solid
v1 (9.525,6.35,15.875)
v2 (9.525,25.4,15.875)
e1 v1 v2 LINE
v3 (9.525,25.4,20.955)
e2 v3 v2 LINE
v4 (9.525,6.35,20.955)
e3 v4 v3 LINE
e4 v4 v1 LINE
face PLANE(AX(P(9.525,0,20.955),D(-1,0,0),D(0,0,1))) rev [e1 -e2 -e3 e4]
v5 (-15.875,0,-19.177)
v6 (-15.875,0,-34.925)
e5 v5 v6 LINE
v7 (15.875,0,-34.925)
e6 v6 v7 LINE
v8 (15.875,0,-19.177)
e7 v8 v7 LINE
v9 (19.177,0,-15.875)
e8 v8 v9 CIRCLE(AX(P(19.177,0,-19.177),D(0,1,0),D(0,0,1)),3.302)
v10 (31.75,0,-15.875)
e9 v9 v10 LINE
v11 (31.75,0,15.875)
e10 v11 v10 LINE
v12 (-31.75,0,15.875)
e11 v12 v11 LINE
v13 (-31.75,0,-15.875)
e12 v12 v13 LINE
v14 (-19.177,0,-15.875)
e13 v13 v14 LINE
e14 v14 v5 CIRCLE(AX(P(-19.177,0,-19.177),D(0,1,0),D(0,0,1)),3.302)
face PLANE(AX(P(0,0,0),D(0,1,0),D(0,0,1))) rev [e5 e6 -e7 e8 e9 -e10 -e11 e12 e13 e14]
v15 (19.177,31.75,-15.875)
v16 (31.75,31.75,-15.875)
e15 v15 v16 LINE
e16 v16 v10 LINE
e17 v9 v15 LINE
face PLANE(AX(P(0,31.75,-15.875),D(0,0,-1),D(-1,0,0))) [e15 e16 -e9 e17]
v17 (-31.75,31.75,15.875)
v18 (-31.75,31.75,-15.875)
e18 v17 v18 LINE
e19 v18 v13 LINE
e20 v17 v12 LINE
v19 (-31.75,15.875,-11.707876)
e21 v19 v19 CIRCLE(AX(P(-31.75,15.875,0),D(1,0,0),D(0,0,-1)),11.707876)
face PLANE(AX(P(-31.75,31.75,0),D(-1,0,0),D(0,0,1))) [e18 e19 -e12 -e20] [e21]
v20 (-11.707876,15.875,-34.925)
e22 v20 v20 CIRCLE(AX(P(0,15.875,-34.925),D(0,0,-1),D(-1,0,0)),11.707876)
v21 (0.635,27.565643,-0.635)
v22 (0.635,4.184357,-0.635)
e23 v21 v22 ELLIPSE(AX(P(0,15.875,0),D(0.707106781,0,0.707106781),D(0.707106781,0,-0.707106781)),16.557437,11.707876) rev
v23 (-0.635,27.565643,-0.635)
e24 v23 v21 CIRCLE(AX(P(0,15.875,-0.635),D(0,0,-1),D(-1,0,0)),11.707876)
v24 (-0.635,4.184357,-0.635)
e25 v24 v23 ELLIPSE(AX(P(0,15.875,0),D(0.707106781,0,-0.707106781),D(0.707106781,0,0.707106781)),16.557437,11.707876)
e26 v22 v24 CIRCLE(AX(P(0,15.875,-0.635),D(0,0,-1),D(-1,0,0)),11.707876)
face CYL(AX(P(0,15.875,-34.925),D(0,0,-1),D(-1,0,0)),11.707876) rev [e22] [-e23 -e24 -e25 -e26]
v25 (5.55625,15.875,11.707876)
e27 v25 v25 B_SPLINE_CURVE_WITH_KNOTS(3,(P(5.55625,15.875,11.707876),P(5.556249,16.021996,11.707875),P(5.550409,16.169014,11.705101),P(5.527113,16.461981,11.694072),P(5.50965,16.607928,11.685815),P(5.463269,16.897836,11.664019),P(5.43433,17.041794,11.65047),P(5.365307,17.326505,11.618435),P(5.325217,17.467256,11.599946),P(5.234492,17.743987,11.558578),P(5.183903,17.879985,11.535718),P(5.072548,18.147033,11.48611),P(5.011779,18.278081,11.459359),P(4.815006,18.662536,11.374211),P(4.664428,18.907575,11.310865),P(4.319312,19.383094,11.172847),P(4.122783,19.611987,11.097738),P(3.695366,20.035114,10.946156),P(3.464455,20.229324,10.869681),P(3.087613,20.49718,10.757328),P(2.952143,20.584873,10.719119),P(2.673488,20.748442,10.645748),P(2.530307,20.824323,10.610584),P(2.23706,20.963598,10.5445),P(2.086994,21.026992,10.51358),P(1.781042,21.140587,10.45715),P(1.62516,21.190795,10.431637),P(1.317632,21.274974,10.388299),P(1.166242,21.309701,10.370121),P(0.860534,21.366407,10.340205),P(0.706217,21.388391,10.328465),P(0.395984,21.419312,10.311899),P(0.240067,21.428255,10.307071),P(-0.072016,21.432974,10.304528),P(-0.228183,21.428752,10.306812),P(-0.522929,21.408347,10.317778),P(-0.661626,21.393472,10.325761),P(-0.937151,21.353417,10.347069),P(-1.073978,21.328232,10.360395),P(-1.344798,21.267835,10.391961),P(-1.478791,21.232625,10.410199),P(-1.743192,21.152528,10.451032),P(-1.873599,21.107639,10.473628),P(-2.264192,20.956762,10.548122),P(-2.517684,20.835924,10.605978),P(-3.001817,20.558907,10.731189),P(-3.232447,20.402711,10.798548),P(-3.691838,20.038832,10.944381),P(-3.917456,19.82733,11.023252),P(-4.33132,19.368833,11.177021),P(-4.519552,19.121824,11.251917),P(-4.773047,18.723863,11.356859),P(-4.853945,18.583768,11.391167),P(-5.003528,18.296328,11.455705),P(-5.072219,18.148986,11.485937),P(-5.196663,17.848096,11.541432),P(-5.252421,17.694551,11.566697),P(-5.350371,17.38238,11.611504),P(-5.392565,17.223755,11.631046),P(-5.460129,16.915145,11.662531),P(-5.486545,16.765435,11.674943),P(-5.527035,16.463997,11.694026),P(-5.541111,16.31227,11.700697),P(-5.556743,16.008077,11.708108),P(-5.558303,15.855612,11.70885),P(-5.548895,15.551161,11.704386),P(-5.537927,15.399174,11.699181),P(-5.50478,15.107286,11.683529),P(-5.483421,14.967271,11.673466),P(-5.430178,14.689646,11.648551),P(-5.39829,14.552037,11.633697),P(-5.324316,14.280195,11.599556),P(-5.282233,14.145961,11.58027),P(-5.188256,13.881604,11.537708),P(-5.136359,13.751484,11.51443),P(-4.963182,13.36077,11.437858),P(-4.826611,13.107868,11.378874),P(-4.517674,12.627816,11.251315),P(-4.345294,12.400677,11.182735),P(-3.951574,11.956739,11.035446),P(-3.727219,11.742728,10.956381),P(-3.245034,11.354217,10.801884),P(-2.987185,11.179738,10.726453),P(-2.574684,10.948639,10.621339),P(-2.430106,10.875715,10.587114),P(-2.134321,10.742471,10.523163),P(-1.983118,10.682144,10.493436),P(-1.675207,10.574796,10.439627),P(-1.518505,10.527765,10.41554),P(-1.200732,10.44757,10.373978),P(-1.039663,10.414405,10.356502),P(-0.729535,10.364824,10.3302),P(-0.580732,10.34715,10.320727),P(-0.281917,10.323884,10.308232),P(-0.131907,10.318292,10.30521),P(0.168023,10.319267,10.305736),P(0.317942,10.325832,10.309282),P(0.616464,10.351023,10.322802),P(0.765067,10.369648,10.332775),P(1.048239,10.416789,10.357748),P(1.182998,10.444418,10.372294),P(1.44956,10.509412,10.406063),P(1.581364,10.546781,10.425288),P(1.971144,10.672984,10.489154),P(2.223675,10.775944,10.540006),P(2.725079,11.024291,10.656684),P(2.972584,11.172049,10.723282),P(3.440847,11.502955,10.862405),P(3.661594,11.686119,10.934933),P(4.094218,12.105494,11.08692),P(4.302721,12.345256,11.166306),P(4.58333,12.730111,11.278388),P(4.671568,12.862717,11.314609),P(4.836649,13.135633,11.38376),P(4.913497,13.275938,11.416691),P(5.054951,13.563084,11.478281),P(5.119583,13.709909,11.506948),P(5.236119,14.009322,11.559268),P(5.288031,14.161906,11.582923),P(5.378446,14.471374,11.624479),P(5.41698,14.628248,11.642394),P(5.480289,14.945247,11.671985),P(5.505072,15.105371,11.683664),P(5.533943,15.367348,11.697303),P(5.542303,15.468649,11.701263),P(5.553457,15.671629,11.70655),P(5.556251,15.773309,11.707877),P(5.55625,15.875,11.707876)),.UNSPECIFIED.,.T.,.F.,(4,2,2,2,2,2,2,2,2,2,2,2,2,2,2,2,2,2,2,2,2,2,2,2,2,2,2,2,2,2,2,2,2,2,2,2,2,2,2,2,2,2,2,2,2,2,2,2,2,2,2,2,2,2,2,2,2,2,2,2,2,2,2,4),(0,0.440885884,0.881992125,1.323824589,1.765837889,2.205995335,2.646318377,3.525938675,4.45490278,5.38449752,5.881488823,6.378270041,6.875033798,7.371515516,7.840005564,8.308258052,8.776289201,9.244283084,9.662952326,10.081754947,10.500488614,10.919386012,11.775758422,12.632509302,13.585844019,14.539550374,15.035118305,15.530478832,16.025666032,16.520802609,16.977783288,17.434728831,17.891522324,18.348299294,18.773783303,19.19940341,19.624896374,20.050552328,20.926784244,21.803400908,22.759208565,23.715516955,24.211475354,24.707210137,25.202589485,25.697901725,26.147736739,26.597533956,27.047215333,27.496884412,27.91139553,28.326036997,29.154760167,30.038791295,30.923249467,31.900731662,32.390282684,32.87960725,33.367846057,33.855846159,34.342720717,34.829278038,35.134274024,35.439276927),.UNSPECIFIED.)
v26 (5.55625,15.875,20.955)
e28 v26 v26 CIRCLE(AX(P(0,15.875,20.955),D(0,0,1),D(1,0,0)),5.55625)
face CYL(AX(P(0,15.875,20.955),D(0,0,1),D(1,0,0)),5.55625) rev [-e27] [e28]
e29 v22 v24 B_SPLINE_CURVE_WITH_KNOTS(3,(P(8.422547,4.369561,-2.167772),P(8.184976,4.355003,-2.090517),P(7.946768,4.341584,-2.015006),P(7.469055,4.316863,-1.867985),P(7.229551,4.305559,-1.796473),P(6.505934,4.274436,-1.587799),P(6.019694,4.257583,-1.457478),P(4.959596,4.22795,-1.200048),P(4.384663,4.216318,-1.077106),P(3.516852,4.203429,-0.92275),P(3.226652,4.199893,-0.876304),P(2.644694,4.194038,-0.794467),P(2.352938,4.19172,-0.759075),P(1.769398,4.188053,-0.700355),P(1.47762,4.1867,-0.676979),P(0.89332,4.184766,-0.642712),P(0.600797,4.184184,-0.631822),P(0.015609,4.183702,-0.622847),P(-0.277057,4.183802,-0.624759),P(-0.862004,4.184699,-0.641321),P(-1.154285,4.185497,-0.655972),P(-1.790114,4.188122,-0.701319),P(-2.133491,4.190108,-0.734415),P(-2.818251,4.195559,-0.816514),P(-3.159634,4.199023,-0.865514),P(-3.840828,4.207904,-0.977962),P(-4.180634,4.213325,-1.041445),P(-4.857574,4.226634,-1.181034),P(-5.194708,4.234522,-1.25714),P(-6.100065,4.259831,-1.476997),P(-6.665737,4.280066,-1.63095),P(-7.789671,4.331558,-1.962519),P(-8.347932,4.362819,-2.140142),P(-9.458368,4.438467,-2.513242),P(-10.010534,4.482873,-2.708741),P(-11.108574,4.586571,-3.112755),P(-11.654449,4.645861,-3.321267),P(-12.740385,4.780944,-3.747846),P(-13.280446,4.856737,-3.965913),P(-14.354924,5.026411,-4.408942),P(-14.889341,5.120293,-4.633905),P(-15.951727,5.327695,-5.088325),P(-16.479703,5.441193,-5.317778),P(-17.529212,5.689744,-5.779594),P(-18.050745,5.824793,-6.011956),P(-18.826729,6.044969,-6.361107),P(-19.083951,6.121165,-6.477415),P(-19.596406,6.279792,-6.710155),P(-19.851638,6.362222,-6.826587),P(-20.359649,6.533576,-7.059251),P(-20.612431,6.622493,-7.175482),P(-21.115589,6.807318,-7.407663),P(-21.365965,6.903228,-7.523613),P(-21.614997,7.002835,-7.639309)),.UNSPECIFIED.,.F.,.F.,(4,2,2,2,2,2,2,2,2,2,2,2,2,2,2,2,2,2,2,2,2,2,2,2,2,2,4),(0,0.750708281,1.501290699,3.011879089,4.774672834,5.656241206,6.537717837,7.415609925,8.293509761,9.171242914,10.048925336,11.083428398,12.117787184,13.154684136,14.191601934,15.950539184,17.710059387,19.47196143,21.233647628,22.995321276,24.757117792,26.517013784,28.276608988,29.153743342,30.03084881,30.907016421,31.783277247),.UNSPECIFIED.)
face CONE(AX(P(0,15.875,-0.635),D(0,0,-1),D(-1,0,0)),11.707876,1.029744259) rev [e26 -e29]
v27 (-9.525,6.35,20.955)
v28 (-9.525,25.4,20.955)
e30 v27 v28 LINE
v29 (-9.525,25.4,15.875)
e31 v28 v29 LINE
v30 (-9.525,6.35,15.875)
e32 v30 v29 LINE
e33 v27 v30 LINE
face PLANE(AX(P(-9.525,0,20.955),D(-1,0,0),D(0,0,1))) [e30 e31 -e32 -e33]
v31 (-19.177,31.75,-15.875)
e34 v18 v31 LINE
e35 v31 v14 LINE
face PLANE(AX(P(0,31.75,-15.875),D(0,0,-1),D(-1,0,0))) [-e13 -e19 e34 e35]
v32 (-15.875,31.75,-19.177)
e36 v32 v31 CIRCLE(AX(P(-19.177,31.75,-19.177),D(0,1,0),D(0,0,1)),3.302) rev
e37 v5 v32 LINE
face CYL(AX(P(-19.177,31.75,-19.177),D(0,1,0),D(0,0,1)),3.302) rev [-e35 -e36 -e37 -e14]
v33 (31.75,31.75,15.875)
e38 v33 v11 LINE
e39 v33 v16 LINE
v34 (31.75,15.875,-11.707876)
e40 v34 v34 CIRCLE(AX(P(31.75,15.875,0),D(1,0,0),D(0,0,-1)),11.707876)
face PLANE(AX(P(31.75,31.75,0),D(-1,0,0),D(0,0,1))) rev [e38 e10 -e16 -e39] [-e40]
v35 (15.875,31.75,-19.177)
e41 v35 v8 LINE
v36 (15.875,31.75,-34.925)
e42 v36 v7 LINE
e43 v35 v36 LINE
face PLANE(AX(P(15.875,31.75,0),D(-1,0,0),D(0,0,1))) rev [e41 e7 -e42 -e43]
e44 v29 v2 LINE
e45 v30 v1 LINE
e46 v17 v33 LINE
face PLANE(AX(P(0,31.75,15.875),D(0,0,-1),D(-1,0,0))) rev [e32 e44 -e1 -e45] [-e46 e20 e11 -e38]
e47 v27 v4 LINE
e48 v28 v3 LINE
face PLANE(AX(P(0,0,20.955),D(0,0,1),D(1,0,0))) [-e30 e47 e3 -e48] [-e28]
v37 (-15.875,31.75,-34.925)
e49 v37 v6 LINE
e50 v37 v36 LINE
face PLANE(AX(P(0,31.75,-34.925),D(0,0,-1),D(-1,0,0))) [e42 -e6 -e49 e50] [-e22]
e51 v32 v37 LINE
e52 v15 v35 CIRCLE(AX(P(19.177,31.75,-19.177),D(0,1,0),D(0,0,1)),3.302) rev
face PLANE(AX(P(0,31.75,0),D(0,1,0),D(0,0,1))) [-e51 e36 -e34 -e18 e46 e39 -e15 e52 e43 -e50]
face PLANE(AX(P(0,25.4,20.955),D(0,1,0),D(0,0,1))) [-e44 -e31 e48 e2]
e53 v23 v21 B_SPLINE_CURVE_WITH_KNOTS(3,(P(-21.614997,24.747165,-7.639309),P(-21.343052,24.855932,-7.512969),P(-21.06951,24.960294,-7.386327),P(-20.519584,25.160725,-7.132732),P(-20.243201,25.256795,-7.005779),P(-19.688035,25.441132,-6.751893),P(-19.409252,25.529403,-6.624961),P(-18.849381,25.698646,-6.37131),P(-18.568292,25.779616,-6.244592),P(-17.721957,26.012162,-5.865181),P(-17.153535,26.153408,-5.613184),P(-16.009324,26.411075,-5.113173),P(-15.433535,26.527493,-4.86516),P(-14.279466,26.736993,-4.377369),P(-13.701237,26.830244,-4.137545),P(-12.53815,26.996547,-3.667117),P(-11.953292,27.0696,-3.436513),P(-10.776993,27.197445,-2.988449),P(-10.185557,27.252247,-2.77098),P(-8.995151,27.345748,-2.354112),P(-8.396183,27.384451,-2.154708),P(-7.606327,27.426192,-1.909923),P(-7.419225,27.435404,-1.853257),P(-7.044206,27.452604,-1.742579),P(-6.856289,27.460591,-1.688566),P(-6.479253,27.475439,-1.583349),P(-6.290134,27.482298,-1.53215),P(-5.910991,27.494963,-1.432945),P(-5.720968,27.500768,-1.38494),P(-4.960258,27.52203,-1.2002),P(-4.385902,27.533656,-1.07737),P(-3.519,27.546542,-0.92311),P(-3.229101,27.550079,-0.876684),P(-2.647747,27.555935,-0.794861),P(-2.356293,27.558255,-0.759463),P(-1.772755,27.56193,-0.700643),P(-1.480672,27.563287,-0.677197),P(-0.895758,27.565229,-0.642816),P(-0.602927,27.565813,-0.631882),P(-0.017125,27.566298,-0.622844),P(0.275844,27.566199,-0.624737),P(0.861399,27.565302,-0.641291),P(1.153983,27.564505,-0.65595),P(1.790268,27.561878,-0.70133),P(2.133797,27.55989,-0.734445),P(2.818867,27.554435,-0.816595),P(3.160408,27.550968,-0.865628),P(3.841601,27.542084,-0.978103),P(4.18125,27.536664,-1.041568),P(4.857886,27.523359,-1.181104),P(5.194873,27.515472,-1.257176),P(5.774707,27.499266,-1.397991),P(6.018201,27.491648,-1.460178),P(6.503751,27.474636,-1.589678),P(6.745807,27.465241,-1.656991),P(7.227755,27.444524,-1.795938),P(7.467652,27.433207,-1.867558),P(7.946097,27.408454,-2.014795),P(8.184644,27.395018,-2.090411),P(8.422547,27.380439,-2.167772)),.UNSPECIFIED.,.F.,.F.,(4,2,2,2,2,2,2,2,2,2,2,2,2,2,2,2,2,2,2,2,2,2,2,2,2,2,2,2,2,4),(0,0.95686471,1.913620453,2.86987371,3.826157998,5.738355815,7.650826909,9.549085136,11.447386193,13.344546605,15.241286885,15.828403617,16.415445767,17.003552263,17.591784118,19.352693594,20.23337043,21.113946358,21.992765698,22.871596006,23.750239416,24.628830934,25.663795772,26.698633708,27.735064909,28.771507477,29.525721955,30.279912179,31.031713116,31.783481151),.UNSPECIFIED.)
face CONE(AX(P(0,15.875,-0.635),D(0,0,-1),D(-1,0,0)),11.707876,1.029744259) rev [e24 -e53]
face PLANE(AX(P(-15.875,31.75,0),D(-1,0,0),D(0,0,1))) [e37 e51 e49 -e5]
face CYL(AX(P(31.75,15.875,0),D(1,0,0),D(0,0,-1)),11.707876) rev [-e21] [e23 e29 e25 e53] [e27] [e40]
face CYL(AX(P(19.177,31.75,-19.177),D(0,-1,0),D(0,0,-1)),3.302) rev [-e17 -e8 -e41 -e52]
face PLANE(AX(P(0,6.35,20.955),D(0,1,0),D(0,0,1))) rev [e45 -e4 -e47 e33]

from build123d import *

# Parameters (mm, degrees)
SKETCH2_W                            = 63.5
SKETCH2_H                            = 31.75
SKETCH2_W_2                          = 31.75
SKETCH2_H_2                          = 19.05
BOSS_EXTRUDE1_DEPTH                  = 31.75
F_59_64_0_92188_DIAMETER_HOLE1_D     = 23.415752
F_59_64_0_92188_DIAMETER_HOLE2_D     = 23.415752
F_59_64_0_92188_DIAMETER_HOLE2_DEPTH = 34.29
F_59_64_0_92188_DIAMETER_HOLE2_TIP   = 7.034801621
BOSS_EXTRUDE2_DEPTH                  = 5.08
F_7_16_0_4375_DIAMETER_HOLE1_D       = 11.1125
F_7_16_0_4375_DIAMETER_HOLE1_DEPTH   = 25.4
F_7_16_0_4375_DIAMETER_HOLE1_TIP     = 3.338531814
FILLET1_R                            = 3.302


with BuildPart() as part:
    # Sketch2 → Boss-Extrude1 (new body)
    with BuildSketch(Plane(origin=(0, 0, 0), x_dir=(1, 0, 0), z_dir=(0, 1, 0))):
        Rectangle(SKETCH2_W, SKETCH2_H)
        with Locations((0, 25.4)):
            Rectangle(SKETCH2_W_2, SKETCH2_H_2)
    extrude(amount=BOSS_EXTRUDE1_DEPTH)

    # 59/64 (0.92188) Diameter Hole1 (through all)
    with Locations(Plane(origin=(31.75, 0, 0), x_dir=(0, 0, -1), z_dir=(1, 0, 0))):
        with Locations((0, 15.875)):
            Hole(F_59_64_0_92188_DIAMETER_HOLE1_D / 2)

    # 59/64 (0.92188) Diameter Hole2
    with Locations(Plane(origin=(0, 0, -34.925), x_dir=(-1, 0, 0), z_dir=(0, 0, -1))):
        with Locations((0, 15.875)):
            Hole(F_59_64_0_92188_DIAMETER_HOLE2_D / 2, depth=F_59_64_0_92188_DIAMETER_HOLE2_DEPTH)
            with Locations((0, 0, -(F_59_64_0_92188_DIAMETER_HOLE2_DEPTH + F_59_64_0_92188_DIAMETER_HOLE2_TIP / 2))):  # 118° drill point
                Cone(0, F_59_64_0_92188_DIAMETER_HOLE2_D / 2, F_59_64_0_92188_DIAMETER_HOLE2_TIP, mode=Mode.SUBTRACT)

    # Sketch10 → Boss-Extrude2 (add)
    with BuildSketch(Plane.XY.offset(15.875)):
        Polygon((9.525, 11.1125), (-9.525, 20.6375), (-9.525, 6.35), (9.525, 6.35), align=None)
        Polygon((-9.525, 25.4), (-9.525, 20.6375), (9.525, 11.1125), (9.525, 25.4), align=None)
    extrude(amount=BOSS_EXTRUDE2_DEPTH)

    # 7/16 (0.4375) Diameter Hole1
    with Locations(Plane.XY.offset(20.955)):
        with Locations((0, 15.875)):
            Hole(F_7_16_0_4375_DIAMETER_HOLE1_D / 2, depth=F_7_16_0_4375_DIAMETER_HOLE1_DEPTH)
            with Locations((0, 0, -(F_7_16_0_4375_DIAMETER_HOLE1_DEPTH + F_7_16_0_4375_DIAMETER_HOLE1_TIP / 2))):  # 118° drill point
                Cone(0, F_7_16_0_4375_DIAMETER_HOLE1_D / 2, F_7_16_0_4375_DIAMETER_HOLE1_TIP, mode=Mode.SUBTRACT)

    # Fillet1
    fillet1_edges = [part.edges().sort_by_distance(p)[0] for p in [
        (-15.875, 15.875, -15.875),
        (15.875, 15.875, -15.875),
    ]]
    fillet(fillet1_edges, radius=FILLET1_R)


solid = part.part
